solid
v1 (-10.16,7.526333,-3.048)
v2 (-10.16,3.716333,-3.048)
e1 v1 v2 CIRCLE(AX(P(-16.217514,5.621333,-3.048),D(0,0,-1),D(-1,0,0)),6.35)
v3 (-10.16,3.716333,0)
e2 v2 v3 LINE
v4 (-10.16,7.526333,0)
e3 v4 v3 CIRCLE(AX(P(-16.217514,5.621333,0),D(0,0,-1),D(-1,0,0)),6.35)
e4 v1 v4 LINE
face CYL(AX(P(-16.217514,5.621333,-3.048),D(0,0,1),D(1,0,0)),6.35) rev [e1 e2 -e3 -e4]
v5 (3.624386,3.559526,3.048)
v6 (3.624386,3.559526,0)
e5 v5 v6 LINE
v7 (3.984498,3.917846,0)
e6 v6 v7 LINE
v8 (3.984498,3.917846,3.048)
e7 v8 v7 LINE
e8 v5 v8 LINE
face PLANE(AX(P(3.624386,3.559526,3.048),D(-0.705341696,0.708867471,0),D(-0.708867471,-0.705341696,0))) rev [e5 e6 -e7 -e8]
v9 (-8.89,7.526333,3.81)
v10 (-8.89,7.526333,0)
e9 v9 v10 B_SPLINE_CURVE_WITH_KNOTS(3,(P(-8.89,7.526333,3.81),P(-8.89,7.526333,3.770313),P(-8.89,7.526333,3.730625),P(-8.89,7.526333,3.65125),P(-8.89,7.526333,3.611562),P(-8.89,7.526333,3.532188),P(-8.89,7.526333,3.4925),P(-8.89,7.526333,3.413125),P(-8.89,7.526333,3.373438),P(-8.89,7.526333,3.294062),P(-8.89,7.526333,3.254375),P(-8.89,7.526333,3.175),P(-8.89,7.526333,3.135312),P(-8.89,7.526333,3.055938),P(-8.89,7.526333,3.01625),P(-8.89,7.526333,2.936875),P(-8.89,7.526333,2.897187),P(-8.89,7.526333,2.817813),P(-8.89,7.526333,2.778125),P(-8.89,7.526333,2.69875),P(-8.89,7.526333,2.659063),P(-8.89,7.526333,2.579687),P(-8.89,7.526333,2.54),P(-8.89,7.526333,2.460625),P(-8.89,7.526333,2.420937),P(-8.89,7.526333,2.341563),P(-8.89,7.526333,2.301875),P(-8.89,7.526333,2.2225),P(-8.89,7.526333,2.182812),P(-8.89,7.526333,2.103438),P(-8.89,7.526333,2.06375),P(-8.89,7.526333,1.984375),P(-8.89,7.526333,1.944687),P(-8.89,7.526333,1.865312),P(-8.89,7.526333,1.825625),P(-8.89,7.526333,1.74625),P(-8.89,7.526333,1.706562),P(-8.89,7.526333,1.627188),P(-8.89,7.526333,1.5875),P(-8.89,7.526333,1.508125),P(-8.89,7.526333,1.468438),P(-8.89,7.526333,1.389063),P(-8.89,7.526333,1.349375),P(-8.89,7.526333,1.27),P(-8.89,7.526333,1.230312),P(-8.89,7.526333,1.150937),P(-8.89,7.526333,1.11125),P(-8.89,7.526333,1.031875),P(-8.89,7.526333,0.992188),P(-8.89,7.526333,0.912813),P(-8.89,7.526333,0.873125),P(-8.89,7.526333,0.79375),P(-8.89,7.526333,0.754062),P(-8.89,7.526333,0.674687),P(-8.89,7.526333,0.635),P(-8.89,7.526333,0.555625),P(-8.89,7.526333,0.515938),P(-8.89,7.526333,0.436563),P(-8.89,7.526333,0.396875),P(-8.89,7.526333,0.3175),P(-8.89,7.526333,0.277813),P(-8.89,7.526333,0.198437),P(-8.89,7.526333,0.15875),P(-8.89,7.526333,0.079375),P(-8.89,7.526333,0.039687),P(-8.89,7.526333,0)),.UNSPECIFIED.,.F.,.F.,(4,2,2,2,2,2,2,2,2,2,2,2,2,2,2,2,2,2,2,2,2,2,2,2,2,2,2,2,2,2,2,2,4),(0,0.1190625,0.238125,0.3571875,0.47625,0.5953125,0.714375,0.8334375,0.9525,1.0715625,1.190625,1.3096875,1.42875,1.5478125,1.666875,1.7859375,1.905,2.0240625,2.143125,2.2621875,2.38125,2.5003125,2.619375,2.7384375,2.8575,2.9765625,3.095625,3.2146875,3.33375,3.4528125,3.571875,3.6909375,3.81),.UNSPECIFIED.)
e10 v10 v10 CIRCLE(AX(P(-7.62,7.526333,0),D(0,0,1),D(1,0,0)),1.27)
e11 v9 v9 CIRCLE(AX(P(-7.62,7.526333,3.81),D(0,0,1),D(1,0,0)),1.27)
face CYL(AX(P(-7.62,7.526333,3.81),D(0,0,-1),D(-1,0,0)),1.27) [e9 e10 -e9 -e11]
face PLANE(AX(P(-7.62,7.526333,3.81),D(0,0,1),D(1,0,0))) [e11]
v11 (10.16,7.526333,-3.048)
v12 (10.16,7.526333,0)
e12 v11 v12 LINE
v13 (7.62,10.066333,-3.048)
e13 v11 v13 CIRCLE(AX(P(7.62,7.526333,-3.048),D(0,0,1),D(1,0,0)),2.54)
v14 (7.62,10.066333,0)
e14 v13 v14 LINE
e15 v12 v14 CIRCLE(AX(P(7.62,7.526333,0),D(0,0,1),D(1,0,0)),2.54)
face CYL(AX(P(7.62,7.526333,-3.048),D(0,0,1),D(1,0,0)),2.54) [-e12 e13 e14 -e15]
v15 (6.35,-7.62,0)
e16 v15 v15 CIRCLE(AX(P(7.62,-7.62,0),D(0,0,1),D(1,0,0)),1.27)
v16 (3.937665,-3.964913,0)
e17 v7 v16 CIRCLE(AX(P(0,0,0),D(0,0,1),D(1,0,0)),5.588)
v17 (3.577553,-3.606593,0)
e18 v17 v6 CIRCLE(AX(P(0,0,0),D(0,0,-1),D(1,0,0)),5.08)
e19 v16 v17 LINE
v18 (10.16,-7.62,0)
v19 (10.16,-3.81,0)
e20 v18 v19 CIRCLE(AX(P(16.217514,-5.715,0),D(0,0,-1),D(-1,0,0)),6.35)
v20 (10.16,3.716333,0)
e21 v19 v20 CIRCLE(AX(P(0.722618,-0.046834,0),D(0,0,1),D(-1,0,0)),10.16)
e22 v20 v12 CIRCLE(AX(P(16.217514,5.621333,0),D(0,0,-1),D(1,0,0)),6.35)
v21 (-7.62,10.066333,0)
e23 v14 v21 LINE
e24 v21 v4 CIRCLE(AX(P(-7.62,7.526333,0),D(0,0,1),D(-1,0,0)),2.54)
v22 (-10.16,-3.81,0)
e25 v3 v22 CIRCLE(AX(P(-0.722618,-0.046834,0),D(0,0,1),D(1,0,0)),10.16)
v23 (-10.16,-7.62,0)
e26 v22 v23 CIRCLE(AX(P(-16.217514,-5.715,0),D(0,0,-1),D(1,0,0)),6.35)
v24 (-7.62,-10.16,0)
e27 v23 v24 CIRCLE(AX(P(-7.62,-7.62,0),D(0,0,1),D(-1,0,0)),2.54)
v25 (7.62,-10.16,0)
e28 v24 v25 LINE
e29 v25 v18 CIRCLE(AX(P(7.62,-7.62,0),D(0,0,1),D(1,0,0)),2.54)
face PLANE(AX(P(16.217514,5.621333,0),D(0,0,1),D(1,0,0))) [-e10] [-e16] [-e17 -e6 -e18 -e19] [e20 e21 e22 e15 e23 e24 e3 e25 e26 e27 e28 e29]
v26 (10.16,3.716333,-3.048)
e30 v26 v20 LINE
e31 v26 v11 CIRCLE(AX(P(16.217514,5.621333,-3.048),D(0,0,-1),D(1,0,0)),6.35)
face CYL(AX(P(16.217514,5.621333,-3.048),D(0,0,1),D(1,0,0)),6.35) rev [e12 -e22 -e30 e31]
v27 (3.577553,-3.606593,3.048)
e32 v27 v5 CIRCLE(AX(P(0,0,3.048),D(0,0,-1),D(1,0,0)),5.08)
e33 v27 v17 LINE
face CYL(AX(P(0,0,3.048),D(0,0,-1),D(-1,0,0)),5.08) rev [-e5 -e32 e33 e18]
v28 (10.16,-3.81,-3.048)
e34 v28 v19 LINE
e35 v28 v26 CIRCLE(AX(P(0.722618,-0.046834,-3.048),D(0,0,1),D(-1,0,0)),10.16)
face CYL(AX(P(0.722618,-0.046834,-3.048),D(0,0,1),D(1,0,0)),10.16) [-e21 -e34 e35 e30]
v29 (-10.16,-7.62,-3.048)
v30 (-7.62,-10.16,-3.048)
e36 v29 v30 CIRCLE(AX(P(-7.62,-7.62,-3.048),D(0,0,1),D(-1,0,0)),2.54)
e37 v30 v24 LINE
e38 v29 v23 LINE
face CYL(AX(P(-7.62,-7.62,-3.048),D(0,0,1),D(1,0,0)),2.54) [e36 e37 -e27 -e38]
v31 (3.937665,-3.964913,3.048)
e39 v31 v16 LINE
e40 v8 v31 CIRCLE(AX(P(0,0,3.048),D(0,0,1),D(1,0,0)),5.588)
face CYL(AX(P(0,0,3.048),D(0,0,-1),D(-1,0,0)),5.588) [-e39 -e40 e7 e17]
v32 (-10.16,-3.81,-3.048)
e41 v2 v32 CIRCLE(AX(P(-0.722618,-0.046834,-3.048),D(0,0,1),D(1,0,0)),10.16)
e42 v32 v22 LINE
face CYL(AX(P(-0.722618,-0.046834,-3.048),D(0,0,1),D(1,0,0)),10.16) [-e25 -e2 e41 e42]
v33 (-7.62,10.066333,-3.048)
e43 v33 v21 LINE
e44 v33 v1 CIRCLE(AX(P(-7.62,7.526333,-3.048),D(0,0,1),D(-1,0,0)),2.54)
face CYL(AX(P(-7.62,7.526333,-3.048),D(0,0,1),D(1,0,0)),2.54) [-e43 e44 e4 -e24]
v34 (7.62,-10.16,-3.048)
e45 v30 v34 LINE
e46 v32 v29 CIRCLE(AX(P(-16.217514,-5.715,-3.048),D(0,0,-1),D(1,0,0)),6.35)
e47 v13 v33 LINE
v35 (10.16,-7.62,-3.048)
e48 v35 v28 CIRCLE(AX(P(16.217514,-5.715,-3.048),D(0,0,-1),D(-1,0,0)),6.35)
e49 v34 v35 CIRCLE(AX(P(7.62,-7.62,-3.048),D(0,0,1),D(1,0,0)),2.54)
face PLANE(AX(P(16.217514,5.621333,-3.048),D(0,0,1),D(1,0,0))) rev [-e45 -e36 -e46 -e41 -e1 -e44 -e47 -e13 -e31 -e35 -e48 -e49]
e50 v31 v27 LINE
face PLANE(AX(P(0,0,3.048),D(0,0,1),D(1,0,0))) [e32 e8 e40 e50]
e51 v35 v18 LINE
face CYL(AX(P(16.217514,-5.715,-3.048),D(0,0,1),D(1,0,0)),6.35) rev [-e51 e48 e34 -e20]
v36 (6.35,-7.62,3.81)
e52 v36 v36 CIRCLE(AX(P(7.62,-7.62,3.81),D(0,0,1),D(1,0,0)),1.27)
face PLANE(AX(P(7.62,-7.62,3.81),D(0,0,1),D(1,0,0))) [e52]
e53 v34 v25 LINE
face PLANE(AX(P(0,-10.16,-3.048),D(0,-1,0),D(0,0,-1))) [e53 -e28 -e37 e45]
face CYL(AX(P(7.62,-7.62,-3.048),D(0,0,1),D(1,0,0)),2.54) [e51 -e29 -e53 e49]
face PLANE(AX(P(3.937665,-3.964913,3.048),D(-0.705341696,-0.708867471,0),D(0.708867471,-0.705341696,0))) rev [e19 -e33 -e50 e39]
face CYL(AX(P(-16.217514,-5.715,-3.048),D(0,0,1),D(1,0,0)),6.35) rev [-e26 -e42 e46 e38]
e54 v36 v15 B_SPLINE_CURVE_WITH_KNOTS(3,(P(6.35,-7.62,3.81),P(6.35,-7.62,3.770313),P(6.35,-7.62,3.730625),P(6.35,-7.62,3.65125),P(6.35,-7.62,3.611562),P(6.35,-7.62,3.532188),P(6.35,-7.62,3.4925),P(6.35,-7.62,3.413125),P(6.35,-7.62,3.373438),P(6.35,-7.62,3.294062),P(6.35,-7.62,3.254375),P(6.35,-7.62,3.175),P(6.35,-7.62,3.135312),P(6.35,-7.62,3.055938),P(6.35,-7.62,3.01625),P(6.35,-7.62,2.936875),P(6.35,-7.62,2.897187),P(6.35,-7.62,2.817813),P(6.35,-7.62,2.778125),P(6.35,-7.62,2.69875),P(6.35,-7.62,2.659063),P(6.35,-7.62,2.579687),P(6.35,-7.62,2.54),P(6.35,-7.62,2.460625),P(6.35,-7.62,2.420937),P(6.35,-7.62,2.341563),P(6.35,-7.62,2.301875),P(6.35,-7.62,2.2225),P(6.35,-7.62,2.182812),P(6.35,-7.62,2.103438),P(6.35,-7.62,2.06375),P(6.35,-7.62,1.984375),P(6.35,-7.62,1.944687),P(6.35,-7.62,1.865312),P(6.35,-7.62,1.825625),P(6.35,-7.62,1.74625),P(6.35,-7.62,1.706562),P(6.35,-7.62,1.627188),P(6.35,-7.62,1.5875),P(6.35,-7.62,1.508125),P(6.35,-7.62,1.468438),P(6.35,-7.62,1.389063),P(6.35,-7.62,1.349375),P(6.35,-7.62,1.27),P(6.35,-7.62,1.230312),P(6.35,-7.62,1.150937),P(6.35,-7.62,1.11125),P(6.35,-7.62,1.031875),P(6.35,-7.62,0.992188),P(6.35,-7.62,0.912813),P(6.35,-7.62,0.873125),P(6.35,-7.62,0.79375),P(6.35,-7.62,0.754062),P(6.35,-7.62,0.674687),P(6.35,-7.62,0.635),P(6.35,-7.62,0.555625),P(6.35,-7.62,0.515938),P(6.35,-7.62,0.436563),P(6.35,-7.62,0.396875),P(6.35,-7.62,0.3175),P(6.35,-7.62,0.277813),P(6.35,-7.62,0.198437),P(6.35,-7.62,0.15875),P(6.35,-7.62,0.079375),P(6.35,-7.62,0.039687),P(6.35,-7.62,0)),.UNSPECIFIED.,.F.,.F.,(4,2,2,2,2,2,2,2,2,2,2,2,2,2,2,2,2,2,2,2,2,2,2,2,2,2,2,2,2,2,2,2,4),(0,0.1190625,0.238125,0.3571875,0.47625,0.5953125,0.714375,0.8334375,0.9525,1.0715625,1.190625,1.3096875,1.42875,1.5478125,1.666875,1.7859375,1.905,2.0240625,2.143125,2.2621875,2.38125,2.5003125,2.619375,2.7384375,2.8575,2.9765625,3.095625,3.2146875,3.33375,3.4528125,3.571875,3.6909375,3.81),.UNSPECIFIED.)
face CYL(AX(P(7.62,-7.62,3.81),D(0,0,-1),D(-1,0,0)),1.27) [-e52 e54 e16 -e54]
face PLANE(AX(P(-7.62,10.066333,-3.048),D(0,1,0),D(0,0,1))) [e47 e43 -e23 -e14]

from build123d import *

# Parameters (mm, degrees)
BOSS_EXTRUDE5_DEPTH = 3.048
BOSS_EXTRUDE6_DEPTH = 3.048
PRONGS_R            = 1.27
BOSS_EXTRUDE7_DEPTH = 3.81


with BuildPart() as part:
    # Back Plate → Boss-Extrude5 (new body)
    with BuildSketch(Plane.XY):
        with BuildLine():
            Line((0, -10.16), (7.62, -10.16))
            ThreePointArc((7.62, -10.16), (9.416051224, -9.416051224), (10.16, -7.62))
            ThreePointArc((10.16, -7.62), (9.867513929, -5.715), (10.16, -3.81))
            ThreePointArc((10.16, -3.81), (10.882617987, -0.046833682), (10.16, 3.716332637))
            ThreePointArc((10.16, 3.716332637), (9.867513929, 5.621332637), (10.16, 7.526332637))
            ThreePointArc((10.16, 7.526332637), (9.416051224, 9.322383861), (7.62, 10.066332637))
            Line((7.62, 10.066332637), (-7.62, 10.066332637))
            ThreePointArc((-7.62, 10.066332637), (-9.416051224, 9.322383861), (-10.16, 7.526332637))
            ThreePointArc((-10.16, 7.526332637), (-9.867513929, 5.621332637), (-10.16, 3.716332637))
            ThreePointArc((-10.16, 3.716332637), (-10.882617987, -0.046833682), (-10.16, -3.81))
            ThreePointArc((-10.16, -3.81), (-9.867513929, -5.715), (-10.16, -7.62))
            ThreePointArc((-10.16, -7.62), (-9.416051224, -9.416051224), (-7.62, -10.16))
            Line((-7.62, -10.16), (0, -10.16))
        make_face()
    extrude(amount=-BOSS_EXTRUDE5_DEPTH)

    # Inner Circle → Boss-Extrude6 (add)
    with BuildSketch(Plane.XY):
        with BuildLine():
            Line((3.624386403, 3.559525699), (3.984498069, 3.917846237))
            ThreePointArc((3.984498069, 3.917846237), (-5.58790138, 0.033198873), (3.937664969, -3.96491344))
            Line((3.937664969, -3.96491344), (3.577553303, -3.606592902))
            ThreePointArc((3.577553303, -3.606592902), (-5.079891518, 0.033198873), (3.624386403, 3.559525699))
        make_face()
    extrude(amount=BOSS_EXTRUDE6_DEPTH)

    # Prongs → Boss-Extrude7 (add)
    with BuildSketch(Plane.XY):
        with Locations(Location((-7.62, 7.526332637, 0), (0, 0, 180))):
            Circle(PRONGS_R)
        with Locations(Location((7.62, -7.62, 0), (0, 0, 180))):
            Circle(PRONGS_R)
    extrude(amount=BOSS_EXTRUDE7_DEPTH)


solid = part.part
